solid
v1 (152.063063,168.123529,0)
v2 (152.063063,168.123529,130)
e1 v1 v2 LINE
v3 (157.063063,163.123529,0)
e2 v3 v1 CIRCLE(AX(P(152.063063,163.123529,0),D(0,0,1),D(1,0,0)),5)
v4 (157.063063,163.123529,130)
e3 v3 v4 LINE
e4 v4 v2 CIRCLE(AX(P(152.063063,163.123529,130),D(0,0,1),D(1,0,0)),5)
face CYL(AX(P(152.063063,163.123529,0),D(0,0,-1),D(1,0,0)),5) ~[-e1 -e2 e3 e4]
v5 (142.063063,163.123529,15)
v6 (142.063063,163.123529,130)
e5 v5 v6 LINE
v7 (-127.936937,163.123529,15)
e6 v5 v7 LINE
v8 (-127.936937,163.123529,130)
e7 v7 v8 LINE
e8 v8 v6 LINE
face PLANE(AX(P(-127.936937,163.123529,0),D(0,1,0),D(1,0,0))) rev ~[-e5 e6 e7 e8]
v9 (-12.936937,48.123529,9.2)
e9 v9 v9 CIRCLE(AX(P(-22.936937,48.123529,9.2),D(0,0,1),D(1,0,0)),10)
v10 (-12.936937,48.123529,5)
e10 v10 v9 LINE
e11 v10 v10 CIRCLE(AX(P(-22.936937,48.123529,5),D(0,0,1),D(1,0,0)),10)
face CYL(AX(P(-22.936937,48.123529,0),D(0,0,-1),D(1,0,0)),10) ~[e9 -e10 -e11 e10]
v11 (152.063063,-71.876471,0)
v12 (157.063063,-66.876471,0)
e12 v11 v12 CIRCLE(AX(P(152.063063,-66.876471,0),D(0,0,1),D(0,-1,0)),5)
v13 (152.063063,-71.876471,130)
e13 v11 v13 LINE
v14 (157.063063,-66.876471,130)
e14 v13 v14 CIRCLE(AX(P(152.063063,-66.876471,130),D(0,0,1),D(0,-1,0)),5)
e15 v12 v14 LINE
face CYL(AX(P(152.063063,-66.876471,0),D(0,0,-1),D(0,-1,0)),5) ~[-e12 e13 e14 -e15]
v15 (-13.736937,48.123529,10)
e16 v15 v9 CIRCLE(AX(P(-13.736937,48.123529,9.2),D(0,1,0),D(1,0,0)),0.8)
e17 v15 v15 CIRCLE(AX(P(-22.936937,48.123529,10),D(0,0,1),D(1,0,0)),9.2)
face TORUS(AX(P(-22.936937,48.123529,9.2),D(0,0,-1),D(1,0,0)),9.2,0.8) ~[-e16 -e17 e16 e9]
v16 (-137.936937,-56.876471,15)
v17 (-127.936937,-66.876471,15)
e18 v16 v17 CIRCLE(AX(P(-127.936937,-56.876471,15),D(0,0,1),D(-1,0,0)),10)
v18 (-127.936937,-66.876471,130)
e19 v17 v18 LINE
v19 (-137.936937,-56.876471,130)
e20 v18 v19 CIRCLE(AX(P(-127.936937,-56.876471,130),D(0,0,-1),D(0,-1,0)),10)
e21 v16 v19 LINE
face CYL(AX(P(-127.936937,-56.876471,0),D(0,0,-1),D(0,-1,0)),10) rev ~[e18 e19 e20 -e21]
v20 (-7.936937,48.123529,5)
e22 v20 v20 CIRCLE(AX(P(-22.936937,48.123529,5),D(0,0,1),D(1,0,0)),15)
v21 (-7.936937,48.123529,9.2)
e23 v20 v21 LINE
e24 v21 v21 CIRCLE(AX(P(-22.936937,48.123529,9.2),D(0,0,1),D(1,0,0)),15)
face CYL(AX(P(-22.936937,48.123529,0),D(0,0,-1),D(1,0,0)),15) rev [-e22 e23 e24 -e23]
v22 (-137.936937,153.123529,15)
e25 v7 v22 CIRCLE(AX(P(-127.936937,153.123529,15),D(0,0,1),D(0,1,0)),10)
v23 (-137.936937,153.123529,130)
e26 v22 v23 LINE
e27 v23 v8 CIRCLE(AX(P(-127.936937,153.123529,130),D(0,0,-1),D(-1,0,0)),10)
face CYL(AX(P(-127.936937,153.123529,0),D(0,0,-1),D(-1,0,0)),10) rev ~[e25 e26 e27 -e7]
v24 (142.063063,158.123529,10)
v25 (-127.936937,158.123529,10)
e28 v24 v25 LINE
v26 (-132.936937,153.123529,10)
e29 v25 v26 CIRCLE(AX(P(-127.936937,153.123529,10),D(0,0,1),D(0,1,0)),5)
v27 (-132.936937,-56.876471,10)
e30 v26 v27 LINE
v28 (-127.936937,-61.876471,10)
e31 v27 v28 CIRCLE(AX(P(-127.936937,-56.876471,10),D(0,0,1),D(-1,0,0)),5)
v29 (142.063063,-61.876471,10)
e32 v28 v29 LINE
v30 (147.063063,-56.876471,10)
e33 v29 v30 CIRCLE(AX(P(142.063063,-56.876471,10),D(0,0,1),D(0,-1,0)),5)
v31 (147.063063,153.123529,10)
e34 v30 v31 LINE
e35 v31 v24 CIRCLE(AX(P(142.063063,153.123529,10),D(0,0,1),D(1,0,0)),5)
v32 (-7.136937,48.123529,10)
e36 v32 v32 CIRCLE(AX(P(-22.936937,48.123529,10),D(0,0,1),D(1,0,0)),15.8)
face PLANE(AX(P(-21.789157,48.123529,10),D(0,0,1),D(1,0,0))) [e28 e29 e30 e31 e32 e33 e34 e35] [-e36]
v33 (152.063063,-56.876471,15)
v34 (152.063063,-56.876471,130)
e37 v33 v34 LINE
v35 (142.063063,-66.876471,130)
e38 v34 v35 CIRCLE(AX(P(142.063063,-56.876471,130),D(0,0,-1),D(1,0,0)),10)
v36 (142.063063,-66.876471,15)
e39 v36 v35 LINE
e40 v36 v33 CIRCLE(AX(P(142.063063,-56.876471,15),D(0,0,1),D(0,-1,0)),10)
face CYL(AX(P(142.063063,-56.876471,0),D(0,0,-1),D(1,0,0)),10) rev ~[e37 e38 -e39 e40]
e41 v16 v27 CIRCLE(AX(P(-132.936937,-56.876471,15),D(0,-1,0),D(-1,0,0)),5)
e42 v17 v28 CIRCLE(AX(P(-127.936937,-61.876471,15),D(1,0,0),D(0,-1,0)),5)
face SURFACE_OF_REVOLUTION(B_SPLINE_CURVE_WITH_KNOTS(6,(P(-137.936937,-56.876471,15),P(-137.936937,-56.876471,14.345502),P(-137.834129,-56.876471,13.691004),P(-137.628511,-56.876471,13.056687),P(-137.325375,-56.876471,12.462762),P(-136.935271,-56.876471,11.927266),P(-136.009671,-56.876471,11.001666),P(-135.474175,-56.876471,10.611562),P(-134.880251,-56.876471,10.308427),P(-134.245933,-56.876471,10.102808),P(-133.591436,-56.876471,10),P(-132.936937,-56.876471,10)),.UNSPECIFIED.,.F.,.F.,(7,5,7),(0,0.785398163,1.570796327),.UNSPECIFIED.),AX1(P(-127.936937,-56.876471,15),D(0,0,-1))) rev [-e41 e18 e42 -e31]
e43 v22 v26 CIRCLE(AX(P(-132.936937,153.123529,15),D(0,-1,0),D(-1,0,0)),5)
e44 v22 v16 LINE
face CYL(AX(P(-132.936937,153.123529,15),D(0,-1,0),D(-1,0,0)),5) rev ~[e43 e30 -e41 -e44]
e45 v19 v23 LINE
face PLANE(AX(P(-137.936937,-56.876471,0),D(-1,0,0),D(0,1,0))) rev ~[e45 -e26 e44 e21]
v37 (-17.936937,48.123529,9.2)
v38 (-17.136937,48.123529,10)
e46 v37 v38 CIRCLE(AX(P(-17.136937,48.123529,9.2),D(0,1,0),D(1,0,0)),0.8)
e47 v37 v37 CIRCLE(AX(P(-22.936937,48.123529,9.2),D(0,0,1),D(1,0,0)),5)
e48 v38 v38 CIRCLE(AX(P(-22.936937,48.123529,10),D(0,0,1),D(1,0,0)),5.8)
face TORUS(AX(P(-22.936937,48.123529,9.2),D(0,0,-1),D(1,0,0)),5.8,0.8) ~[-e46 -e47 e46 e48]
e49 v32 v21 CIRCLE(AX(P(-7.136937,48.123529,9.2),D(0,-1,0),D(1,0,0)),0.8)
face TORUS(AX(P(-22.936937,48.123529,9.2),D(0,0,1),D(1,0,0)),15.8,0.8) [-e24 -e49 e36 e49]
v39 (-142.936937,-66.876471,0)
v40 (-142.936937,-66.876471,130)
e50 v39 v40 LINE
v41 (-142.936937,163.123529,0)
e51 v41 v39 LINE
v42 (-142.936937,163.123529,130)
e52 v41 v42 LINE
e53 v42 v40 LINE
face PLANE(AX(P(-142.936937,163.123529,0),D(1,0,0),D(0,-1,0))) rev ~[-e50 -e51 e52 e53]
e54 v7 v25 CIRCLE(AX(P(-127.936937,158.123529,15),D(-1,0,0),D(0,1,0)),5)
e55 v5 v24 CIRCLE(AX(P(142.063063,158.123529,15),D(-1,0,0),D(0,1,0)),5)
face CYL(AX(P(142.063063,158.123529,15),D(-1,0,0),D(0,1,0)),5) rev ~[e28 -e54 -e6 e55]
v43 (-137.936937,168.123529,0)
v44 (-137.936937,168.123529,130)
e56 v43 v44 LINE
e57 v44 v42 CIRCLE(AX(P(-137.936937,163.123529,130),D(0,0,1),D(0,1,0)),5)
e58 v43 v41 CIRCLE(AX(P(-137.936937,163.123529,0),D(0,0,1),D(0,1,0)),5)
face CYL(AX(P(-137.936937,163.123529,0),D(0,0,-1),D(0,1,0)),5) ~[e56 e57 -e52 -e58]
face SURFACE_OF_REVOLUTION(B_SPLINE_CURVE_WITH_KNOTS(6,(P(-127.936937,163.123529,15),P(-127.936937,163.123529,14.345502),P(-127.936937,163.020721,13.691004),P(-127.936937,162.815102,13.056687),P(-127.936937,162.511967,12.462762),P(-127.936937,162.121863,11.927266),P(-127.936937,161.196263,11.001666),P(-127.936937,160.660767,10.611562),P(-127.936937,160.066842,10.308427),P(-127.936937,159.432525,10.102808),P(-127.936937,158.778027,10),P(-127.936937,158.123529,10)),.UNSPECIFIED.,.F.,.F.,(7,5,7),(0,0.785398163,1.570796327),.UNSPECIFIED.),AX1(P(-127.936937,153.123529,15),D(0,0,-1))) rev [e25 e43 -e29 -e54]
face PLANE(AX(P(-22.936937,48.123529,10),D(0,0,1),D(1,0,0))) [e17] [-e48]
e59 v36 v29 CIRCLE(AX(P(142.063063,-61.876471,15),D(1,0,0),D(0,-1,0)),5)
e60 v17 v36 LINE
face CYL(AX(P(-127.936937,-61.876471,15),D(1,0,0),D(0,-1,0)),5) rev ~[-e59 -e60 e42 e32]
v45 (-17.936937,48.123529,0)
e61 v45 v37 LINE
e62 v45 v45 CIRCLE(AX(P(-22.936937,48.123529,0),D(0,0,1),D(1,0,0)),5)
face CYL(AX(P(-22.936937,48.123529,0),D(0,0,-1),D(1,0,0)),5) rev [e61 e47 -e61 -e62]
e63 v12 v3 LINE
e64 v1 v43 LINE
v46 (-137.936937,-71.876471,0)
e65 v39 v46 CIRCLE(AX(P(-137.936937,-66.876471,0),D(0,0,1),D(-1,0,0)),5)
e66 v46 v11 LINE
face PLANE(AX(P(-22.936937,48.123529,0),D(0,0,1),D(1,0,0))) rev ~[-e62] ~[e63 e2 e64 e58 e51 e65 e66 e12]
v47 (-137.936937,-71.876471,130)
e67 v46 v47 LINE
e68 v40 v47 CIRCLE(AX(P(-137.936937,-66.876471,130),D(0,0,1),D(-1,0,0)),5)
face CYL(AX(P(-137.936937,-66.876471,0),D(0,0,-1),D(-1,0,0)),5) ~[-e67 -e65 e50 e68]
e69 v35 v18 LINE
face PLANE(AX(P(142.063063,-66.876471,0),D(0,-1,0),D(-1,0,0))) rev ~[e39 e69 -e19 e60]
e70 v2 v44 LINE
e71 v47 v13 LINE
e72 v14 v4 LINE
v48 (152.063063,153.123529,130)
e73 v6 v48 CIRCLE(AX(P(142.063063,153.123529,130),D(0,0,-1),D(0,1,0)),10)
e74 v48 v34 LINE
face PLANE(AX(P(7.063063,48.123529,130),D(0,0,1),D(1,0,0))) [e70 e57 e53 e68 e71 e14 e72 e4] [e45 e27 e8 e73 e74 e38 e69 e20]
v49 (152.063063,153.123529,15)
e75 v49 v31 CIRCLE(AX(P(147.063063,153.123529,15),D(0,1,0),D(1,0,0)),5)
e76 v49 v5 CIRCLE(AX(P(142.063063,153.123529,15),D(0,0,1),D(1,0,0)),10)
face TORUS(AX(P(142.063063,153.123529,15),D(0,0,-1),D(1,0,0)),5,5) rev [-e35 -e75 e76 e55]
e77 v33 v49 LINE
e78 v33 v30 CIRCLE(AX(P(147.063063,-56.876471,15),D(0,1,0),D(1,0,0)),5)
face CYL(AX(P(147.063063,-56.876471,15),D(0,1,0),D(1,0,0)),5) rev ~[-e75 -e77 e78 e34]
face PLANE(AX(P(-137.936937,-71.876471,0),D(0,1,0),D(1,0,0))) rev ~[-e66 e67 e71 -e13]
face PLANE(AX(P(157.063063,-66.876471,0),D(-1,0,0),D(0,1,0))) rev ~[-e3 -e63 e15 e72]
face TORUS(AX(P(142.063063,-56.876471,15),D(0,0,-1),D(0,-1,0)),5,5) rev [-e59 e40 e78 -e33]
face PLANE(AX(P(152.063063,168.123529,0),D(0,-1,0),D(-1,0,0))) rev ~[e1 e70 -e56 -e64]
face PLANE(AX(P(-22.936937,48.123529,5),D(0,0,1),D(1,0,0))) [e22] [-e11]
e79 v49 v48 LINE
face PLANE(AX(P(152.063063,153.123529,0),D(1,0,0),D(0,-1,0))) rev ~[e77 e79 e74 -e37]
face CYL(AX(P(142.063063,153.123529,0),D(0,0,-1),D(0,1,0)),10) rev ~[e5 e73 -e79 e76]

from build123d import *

# Parameters (mm, degrees)
F1_DEPTH = 130
F0_R     = 15
F2_DEPTH = 10
F0_R_2   = 10
F0_R_3   = 5
F3_DEPTH = 5
F4_R     = 0.8
F5_R     = 5


with BuildPart() as f1:
    # F0 (on Top) → F1 (new body)
    with BuildSketch(Plane.XY):
        with BuildLine():
            ThreePointArc((-137.9369372874, 168.1235290214), (-141.4724711934, 166.6590629273), (-142.9369372874, 163.1235290214))
            Line((-142.9369372874, 163.1235290214), (-142.9369372874, -66.8764709786))
            ThreePointArc((-142.9369372874, -66.8764709786), (-141.4724711934, -70.4120048845), (-137.9369372874, -71.8764709786))
            Line((-137.9369372874, -71.8764709786), (152.0630627126, -71.8764709786))
            ThreePointArc((152.0630627126, -71.8764709786), (155.5985966185, -70.4120048845), (157.0630627126, -66.8764709786))
            Line((157.0630627126, -66.8764709786), (157.0630627126, 163.1235290214))
            ThreePointArc((157.0630627126, 163.1235290214), (155.5985966185, 166.6590629273), (152.0630627126, 168.1235290214))
            Line((152.0630627126, 168.1235290214), (-137.9369372874, 168.1235290214))
        make_face()
        with BuildLine():
            ThreePointArc((-137.9369372874, 153.1235290214), (-135.0080050993, 160.1945968333), (-127.9369372874, 163.1235290214))
            Line((-127.9369372874, 163.1235290214), (92.0630627126, 163.1235290214))
            Line((92.0630627126, 163.1235290214), (142.0630627126, 163.1235290214))
            ThreePointArc((142.0630627126, 163.1235290214), (149.1341305244, 160.1945968333), (152.0630627126, 153.1235290214))
            Line((152.0630627126, 153.1235290214), (152.0630627126, -56.8764709786))
            ThreePointArc((152.0630627126, -56.8764709786), (149.1341305244, -63.9475387905), (142.0630627126, -66.8764709786))
            Line((142.0630627126, -66.8764709786), (92.0630627126, -66.8764709786))
            Line((92.0630627126, -66.8764709786), (-127.9369372874, -66.8764709786))
            ThreePointArc((-127.9369372874, -66.8764709786), (-135.0080050993, -63.9475387905), (-137.9369372874, -56.8764709786))
            Line((-137.9369372874, -56.8764709786), (-137.9369372874, 153.1235290214))
        make_face(mode=Mode.SUBTRACT)
    extrude(amount=F1_DEPTH)

    # F0 (on Top) → F2 (join)
    with BuildSketch(Plane.XY):
        with BuildLine():
            Line((92.0630627126, 163.1235290214), (-127.9369372874, 163.1235290214))
            ThreePointArc((-127.9369372874, 163.1235290214), (-135.0080050993, 160.1945968333), (-137.9369372874, 153.1235290214))
            Line((-137.9369372874, 153.1235290214), (-137.9369372874, -56.8764709786))
            ThreePointArc((-137.9369372874, -56.8764709786), (-135.0080050993, -63.9475387905), (-127.9369372874, -66.8764709786))
            Line((-127.9369372874, -66.8764709786), (92.0630627126, -66.8764709786))
            Line((92.0630627126, -66.8764709786), (92.0630627126, 163.1235290214))
        make_face()
        with Locations((-22.9369372874, 48.1235290214)):
            Circle(F0_R, mode=Mode.SUBTRACT)
        with BuildLine():
            Line((142.0630627126, 163.1235290214), (92.0630627126, 163.1235290214))
            Line((92.0630627126, 163.1235290214), (92.0630627126, -66.8764709786))
            Line((92.0630627126, -66.8764709786), (142.0630627126, -66.8764709786))
            ThreePointArc((142.0630627126, -66.8764709786), (149.1341305244, -63.9475387905), (152.0630627126, -56.8764709786))
            Line((152.0630627126, -56.8764709786), (152.0630627126, 153.1235290214))
            ThreePointArc((152.0630627126, 153.1235290214), (149.1341305244, 160.1945968333), (142.0630627126, 163.1235290214))
        make_face()
    extrude(amount=F2_DEPTH)



with BuildPart() as f2:
    # F0 (on Top) → F2, piece 2 (new body)
    with BuildSketch(Plane.XY):
        with Locations((-22.9369372874, 48.1235290214)):
            Circle(F0_R_2)
        with Locations((-22.9369372874, 48.1235290214)):
            Circle(F0_R_3, mode=Mode.SUBTRACT)
    extrude(amount=F2_DEPTH)


with BuildPart() as f1_1:
    add(f1.part)

    add(f2.part)  # F3 merges F2
    # F0 (on Top) → F3 (join)
    with BuildSketch(Plane.XY):
        with Locations((-22.9369372874, 48.1235290214)):
            Circle(F0_R)
        with Locations((-22.9369372874, 48.1235290214)):
            Circle(F0_R_2, mode=Mode.SUBTRACT)
    extrude(amount=F3_DEPTH)

    # F4
    f4_edges = [f1_1.edges().sort_by_distance(p)[0] for p in [
        (-32.936937, 48.123529, 10),
        (-27.936937, 48.123529, 10),
        (-37.936937, 48.123529, 10),
    ]]
    fillet(f4_edges, radius=F4_R)

    # F5
    f5_edges = [f1_1.edges().sort_by_distance(p)[0] for p in [
        (-38.736937, 48.123529, 10),
        (-135.008005, 160.194597, 10),
        (-137.936937, 48.123529, 10),
        (-135.008005, -63.947539, 10),
        (7.063063, -66.876471, 10),
        (149.134131, -63.947539, 10),
        (152.063063, 48.123529, 10),
        (149.134131, 160.194597, 10),
        (7.063063, 163.123529, 10),
    ]]
    fillet(f5_edges, radius=F5_R)


solid = f1_1.part
